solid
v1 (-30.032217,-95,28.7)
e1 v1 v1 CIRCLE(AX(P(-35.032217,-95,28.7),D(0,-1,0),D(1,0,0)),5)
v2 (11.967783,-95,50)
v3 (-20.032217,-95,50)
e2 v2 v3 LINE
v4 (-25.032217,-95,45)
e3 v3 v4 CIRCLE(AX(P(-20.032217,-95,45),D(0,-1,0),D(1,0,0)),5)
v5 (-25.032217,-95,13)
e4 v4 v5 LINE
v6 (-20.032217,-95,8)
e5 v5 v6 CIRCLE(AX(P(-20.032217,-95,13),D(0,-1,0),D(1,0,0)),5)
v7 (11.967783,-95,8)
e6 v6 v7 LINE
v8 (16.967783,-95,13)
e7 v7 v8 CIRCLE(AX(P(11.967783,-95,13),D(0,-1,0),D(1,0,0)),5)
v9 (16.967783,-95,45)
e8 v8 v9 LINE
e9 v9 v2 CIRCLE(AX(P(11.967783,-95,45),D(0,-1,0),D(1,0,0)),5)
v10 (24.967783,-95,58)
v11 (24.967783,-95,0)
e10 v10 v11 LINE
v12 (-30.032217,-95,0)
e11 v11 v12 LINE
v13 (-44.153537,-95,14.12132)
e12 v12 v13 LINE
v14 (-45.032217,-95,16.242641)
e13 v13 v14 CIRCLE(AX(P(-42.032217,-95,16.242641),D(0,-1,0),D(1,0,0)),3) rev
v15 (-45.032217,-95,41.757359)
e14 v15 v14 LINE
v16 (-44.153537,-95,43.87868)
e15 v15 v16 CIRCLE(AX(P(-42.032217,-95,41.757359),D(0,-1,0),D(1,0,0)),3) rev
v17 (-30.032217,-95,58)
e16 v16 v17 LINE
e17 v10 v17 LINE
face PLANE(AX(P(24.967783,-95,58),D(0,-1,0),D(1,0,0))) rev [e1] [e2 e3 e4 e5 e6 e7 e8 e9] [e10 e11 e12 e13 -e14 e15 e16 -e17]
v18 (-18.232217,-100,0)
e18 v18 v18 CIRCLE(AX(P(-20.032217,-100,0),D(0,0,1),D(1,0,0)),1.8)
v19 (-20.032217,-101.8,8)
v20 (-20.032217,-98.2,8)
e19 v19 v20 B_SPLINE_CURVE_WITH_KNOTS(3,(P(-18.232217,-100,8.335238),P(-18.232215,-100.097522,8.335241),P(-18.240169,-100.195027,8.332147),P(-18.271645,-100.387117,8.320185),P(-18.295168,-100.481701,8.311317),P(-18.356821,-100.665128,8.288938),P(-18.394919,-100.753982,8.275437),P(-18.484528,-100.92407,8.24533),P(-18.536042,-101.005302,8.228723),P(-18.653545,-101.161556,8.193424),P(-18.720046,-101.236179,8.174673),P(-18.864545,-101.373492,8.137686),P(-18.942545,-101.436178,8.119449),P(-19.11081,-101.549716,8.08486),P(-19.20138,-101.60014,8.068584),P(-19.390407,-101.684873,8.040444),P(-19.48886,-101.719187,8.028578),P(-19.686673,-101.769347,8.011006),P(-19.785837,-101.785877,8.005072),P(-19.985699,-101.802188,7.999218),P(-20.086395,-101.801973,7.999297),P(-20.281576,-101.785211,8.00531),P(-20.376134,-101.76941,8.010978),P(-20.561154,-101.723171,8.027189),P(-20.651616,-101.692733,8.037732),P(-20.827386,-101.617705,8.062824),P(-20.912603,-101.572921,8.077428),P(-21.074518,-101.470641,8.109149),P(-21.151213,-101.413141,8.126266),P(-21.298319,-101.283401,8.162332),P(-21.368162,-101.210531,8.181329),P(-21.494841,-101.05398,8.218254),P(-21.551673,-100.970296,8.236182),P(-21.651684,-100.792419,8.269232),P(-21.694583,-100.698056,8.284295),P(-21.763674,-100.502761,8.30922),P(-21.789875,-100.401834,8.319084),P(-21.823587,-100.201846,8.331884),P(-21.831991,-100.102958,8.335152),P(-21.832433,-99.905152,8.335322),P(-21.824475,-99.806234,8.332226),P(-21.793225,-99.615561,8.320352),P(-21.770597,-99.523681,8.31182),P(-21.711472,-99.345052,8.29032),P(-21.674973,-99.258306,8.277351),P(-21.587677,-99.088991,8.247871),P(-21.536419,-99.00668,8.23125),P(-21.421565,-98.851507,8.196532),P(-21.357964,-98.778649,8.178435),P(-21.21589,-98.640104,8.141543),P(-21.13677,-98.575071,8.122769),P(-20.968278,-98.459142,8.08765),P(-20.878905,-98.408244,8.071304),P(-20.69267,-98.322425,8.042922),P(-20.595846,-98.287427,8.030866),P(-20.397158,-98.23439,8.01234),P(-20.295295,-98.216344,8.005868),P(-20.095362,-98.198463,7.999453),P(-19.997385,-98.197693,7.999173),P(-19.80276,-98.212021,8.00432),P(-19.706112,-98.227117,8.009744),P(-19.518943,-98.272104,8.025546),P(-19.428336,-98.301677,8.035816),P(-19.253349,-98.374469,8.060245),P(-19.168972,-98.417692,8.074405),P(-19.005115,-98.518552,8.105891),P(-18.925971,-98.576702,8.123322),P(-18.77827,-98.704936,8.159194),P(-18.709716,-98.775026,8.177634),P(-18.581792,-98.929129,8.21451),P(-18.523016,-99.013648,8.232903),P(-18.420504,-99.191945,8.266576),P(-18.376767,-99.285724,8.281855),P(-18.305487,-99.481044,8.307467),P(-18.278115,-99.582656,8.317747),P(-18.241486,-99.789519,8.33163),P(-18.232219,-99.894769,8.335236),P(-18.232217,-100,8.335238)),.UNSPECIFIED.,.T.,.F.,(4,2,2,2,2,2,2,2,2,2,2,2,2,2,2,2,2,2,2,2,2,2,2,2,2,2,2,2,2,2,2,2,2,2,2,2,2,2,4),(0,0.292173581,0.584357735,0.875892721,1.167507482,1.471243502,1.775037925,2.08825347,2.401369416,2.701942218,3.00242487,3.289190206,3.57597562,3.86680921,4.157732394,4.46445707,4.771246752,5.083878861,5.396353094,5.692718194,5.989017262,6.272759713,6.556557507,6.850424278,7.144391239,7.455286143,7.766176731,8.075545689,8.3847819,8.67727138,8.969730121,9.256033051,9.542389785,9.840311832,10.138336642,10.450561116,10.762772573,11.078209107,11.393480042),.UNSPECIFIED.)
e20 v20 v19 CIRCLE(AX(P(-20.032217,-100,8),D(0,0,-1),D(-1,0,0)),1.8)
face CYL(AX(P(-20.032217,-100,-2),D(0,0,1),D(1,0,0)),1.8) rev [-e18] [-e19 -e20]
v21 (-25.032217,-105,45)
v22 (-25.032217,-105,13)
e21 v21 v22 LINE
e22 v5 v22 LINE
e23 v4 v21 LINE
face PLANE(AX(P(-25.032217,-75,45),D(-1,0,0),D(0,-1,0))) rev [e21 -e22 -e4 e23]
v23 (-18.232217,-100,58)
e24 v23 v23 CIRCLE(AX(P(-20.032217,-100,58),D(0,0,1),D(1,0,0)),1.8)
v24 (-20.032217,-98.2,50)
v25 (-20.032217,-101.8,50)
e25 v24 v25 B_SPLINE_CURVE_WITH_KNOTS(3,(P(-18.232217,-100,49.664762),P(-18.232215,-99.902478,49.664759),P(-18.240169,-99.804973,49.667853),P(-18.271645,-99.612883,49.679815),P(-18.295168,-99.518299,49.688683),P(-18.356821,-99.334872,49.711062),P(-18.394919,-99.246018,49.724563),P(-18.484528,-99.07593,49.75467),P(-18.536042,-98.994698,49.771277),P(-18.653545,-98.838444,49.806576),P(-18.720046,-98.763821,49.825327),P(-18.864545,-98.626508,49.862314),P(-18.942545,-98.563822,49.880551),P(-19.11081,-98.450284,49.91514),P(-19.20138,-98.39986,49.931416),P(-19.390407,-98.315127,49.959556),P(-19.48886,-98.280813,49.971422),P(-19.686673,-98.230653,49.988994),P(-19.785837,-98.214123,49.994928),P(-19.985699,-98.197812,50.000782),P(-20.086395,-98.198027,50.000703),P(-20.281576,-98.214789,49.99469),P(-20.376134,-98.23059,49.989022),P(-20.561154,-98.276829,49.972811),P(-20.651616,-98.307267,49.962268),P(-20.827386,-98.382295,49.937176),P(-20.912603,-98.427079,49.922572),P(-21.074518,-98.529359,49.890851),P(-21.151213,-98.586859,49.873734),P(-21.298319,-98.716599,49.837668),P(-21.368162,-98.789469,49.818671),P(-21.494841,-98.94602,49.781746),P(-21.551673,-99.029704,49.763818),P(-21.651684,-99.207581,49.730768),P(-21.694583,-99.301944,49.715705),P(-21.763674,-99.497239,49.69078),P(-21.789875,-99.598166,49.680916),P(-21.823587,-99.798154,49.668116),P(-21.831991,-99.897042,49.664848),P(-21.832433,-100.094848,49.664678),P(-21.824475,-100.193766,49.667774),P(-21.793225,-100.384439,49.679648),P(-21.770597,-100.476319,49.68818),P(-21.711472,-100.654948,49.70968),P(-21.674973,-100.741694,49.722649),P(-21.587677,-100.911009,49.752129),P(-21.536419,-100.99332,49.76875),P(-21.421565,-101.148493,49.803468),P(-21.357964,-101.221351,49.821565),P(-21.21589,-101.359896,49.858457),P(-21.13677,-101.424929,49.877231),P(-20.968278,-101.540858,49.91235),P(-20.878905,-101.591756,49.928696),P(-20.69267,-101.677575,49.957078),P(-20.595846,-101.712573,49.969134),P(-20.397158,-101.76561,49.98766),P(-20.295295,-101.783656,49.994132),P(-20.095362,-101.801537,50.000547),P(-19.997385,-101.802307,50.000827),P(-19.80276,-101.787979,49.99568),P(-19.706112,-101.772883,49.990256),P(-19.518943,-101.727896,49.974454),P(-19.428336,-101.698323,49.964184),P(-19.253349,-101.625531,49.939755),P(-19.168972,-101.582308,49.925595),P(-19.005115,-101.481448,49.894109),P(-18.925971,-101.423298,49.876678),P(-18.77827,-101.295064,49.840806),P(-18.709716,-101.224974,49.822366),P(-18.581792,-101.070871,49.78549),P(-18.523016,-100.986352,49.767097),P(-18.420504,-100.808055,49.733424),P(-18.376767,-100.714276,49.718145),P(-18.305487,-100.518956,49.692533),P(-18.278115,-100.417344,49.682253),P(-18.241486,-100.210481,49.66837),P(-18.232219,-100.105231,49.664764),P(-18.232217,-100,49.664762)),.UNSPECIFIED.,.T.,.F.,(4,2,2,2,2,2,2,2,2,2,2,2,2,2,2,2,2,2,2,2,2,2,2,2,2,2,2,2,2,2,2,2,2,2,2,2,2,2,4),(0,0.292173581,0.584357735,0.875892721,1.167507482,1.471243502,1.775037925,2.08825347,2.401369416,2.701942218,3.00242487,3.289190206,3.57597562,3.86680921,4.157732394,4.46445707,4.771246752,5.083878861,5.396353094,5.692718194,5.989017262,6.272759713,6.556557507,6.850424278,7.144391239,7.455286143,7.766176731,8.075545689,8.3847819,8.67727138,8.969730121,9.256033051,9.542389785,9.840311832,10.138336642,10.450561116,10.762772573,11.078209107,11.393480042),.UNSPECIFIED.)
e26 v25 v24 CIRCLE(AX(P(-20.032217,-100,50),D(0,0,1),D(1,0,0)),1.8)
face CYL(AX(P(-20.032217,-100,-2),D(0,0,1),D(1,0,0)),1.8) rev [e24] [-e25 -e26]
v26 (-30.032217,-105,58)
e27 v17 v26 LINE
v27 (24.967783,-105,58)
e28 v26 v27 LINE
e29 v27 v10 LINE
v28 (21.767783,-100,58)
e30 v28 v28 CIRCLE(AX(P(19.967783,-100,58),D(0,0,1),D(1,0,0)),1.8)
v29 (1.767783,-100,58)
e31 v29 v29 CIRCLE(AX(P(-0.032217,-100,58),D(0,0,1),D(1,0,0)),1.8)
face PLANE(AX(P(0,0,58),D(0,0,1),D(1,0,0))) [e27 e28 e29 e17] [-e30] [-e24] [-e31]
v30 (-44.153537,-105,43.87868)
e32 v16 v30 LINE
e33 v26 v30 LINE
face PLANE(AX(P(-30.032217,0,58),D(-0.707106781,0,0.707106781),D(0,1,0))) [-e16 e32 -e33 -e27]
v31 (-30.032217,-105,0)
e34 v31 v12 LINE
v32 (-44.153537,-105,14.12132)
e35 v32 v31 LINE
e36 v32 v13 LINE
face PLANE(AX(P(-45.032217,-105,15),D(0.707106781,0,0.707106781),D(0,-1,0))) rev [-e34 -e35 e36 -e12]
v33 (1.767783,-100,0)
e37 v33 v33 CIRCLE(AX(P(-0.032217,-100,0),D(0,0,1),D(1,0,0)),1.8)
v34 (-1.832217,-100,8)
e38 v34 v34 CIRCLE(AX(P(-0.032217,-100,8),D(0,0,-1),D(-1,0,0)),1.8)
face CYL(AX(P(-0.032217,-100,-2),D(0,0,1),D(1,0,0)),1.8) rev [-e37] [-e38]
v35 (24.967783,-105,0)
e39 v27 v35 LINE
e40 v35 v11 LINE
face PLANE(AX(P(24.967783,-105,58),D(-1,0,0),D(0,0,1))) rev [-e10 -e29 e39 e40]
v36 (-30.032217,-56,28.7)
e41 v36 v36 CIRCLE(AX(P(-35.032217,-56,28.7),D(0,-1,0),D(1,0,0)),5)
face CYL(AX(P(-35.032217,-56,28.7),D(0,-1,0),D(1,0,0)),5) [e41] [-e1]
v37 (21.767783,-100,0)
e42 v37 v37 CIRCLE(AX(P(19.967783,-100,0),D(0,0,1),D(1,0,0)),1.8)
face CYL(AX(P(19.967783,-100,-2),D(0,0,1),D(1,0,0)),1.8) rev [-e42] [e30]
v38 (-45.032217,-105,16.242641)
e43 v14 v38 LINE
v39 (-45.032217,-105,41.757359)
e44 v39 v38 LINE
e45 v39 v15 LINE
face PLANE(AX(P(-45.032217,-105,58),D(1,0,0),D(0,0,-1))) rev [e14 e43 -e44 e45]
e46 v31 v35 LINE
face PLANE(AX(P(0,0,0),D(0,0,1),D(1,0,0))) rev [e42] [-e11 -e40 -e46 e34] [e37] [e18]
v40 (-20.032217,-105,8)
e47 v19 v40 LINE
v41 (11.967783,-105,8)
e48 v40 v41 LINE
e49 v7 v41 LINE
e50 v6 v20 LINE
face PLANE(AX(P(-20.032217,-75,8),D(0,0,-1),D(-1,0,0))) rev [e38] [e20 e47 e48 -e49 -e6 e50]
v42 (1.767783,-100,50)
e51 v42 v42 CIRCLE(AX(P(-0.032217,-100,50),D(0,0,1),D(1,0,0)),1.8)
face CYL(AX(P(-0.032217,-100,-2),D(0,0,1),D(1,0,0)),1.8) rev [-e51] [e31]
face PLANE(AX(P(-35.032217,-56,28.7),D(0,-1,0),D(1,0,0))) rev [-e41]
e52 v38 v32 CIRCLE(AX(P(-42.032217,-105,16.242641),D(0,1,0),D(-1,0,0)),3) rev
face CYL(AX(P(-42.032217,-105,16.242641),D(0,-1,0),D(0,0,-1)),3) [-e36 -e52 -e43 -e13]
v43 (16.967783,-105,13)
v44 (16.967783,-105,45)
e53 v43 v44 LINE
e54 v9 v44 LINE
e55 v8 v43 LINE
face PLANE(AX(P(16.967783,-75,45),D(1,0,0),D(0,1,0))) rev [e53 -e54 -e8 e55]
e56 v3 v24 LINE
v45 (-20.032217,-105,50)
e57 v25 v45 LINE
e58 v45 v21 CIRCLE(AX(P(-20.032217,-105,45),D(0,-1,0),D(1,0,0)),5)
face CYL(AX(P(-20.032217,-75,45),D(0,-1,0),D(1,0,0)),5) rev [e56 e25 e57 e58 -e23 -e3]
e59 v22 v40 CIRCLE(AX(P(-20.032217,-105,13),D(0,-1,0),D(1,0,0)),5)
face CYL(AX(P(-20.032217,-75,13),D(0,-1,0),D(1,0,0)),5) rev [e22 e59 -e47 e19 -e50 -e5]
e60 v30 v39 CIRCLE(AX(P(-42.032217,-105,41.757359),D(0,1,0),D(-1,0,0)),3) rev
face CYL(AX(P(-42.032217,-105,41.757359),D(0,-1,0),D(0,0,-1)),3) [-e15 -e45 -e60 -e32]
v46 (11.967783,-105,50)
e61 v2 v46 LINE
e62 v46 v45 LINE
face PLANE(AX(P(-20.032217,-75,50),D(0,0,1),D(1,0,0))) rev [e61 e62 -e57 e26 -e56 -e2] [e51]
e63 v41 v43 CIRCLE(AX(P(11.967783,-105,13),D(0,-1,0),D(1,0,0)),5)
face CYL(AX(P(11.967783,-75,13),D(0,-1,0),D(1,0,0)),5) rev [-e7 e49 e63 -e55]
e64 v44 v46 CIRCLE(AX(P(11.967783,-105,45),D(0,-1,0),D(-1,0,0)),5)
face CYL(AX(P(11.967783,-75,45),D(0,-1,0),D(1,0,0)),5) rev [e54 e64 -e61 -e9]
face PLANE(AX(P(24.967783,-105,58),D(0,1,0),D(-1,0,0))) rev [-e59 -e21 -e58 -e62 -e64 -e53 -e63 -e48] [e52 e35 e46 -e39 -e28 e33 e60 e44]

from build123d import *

# Parameters (mm, degrees)
SKETCH1_W          = 70
SKETCH1_H          = 10
EXTRUDE1_DEPTH     = 58
SKETCH2_R          = 5
EXTRUDE2_DEPTH     = 49
CUT_EXTRUDE1_DEPTH = 30
CHAMFER1_SIZE      = 15
FILLET1_R          = 3
SKETCH4_R          = 1.8
CUT_EXTRUDE2_DEPTH = 60


with BuildPart() as part:
    # Sketch1 → Extrude1 (new body)
    with BuildSketch(Plane.XY):
        with Locations((-10.032216865, -100)):
            Rectangle(SKETCH1_W, SKETCH1_H)
    extrude(amount=EXTRUDE1_DEPTH)

    # Sketch2 → Extrude2 (add)
    with BuildSketch(Plane.XZ.offset(105)):
        with Locations((-35.032216865, 28.7)):
            Circle(SKETCH2_R)
    extrude(amount=-EXTRUDE2_DEPTH)

    # Sketch3 → Cut-Extrude1 (cut)
    with BuildSketch(Plane.XZ.offset(105)):
        with BuildLine():
            Line((-20.032216865, 50), (11.967783135, 50))
            ThreePointArc((11.967783135, 50), (15.503317041, 48.535533906), (16.967783135, 45))
            Line((16.967783135, 45), (16.967783135, 13))
            ThreePointArc((16.967783135, 13), (15.503317041, 9.464466094), (11.967783135, 8))
            Line((11.967783135, 8), (-20.032216865, 8))
            ThreePointArc((-20.032216865, 8), (-23.567750771, 9.464466094), (-25.032216865, 13))
            Line((-25.032216865, 13), (-25.032216865, 45))
            ThreePointArc((-25.032216865, 45), (-23.567750771, 48.535533906), (-20.032216865, 50))
        make_face()
    extrude(amount=-CUT_EXTRUDE1_DEPTH, mode=Mode.SUBTRACT)

    # Chamfer1
    chamfer1_edges = [part.edges().sort_by_distance(p)[0] for p in [
        (-45.032216865, -100, 58),
        (-45.032216865, -100, 0),
    ]]
    chamfer(chamfer1_edges, length=CHAMFER1_SIZE)

    # Fillet1
    fillet1_edges = [part.edges().sort_by_distance(p)[0] for p in [
        (-45.032216865, -100, 43),
        (-45.032216865, -100, 15),
    ]]
    fillet(fillet1_edges, radius=FILLET1_R)

    # Sketch4 → Cut-Extrude2 (cut)
    with BuildSketch(Plane.XY.offset(58)):
        with Locations((-20.032216865, -100)):
            Circle(SKETCH4_R)
        with Locations((-0.032216865, -100)):
            Circle(SKETCH4_R)
        with Locations((19.967783135, -100)):
            Circle(SKETCH4_R)
    extrude(amount=-CUT_EXTRUDE2_DEPTH, mode=Mode.SUBTRACT)


solid = part.part
